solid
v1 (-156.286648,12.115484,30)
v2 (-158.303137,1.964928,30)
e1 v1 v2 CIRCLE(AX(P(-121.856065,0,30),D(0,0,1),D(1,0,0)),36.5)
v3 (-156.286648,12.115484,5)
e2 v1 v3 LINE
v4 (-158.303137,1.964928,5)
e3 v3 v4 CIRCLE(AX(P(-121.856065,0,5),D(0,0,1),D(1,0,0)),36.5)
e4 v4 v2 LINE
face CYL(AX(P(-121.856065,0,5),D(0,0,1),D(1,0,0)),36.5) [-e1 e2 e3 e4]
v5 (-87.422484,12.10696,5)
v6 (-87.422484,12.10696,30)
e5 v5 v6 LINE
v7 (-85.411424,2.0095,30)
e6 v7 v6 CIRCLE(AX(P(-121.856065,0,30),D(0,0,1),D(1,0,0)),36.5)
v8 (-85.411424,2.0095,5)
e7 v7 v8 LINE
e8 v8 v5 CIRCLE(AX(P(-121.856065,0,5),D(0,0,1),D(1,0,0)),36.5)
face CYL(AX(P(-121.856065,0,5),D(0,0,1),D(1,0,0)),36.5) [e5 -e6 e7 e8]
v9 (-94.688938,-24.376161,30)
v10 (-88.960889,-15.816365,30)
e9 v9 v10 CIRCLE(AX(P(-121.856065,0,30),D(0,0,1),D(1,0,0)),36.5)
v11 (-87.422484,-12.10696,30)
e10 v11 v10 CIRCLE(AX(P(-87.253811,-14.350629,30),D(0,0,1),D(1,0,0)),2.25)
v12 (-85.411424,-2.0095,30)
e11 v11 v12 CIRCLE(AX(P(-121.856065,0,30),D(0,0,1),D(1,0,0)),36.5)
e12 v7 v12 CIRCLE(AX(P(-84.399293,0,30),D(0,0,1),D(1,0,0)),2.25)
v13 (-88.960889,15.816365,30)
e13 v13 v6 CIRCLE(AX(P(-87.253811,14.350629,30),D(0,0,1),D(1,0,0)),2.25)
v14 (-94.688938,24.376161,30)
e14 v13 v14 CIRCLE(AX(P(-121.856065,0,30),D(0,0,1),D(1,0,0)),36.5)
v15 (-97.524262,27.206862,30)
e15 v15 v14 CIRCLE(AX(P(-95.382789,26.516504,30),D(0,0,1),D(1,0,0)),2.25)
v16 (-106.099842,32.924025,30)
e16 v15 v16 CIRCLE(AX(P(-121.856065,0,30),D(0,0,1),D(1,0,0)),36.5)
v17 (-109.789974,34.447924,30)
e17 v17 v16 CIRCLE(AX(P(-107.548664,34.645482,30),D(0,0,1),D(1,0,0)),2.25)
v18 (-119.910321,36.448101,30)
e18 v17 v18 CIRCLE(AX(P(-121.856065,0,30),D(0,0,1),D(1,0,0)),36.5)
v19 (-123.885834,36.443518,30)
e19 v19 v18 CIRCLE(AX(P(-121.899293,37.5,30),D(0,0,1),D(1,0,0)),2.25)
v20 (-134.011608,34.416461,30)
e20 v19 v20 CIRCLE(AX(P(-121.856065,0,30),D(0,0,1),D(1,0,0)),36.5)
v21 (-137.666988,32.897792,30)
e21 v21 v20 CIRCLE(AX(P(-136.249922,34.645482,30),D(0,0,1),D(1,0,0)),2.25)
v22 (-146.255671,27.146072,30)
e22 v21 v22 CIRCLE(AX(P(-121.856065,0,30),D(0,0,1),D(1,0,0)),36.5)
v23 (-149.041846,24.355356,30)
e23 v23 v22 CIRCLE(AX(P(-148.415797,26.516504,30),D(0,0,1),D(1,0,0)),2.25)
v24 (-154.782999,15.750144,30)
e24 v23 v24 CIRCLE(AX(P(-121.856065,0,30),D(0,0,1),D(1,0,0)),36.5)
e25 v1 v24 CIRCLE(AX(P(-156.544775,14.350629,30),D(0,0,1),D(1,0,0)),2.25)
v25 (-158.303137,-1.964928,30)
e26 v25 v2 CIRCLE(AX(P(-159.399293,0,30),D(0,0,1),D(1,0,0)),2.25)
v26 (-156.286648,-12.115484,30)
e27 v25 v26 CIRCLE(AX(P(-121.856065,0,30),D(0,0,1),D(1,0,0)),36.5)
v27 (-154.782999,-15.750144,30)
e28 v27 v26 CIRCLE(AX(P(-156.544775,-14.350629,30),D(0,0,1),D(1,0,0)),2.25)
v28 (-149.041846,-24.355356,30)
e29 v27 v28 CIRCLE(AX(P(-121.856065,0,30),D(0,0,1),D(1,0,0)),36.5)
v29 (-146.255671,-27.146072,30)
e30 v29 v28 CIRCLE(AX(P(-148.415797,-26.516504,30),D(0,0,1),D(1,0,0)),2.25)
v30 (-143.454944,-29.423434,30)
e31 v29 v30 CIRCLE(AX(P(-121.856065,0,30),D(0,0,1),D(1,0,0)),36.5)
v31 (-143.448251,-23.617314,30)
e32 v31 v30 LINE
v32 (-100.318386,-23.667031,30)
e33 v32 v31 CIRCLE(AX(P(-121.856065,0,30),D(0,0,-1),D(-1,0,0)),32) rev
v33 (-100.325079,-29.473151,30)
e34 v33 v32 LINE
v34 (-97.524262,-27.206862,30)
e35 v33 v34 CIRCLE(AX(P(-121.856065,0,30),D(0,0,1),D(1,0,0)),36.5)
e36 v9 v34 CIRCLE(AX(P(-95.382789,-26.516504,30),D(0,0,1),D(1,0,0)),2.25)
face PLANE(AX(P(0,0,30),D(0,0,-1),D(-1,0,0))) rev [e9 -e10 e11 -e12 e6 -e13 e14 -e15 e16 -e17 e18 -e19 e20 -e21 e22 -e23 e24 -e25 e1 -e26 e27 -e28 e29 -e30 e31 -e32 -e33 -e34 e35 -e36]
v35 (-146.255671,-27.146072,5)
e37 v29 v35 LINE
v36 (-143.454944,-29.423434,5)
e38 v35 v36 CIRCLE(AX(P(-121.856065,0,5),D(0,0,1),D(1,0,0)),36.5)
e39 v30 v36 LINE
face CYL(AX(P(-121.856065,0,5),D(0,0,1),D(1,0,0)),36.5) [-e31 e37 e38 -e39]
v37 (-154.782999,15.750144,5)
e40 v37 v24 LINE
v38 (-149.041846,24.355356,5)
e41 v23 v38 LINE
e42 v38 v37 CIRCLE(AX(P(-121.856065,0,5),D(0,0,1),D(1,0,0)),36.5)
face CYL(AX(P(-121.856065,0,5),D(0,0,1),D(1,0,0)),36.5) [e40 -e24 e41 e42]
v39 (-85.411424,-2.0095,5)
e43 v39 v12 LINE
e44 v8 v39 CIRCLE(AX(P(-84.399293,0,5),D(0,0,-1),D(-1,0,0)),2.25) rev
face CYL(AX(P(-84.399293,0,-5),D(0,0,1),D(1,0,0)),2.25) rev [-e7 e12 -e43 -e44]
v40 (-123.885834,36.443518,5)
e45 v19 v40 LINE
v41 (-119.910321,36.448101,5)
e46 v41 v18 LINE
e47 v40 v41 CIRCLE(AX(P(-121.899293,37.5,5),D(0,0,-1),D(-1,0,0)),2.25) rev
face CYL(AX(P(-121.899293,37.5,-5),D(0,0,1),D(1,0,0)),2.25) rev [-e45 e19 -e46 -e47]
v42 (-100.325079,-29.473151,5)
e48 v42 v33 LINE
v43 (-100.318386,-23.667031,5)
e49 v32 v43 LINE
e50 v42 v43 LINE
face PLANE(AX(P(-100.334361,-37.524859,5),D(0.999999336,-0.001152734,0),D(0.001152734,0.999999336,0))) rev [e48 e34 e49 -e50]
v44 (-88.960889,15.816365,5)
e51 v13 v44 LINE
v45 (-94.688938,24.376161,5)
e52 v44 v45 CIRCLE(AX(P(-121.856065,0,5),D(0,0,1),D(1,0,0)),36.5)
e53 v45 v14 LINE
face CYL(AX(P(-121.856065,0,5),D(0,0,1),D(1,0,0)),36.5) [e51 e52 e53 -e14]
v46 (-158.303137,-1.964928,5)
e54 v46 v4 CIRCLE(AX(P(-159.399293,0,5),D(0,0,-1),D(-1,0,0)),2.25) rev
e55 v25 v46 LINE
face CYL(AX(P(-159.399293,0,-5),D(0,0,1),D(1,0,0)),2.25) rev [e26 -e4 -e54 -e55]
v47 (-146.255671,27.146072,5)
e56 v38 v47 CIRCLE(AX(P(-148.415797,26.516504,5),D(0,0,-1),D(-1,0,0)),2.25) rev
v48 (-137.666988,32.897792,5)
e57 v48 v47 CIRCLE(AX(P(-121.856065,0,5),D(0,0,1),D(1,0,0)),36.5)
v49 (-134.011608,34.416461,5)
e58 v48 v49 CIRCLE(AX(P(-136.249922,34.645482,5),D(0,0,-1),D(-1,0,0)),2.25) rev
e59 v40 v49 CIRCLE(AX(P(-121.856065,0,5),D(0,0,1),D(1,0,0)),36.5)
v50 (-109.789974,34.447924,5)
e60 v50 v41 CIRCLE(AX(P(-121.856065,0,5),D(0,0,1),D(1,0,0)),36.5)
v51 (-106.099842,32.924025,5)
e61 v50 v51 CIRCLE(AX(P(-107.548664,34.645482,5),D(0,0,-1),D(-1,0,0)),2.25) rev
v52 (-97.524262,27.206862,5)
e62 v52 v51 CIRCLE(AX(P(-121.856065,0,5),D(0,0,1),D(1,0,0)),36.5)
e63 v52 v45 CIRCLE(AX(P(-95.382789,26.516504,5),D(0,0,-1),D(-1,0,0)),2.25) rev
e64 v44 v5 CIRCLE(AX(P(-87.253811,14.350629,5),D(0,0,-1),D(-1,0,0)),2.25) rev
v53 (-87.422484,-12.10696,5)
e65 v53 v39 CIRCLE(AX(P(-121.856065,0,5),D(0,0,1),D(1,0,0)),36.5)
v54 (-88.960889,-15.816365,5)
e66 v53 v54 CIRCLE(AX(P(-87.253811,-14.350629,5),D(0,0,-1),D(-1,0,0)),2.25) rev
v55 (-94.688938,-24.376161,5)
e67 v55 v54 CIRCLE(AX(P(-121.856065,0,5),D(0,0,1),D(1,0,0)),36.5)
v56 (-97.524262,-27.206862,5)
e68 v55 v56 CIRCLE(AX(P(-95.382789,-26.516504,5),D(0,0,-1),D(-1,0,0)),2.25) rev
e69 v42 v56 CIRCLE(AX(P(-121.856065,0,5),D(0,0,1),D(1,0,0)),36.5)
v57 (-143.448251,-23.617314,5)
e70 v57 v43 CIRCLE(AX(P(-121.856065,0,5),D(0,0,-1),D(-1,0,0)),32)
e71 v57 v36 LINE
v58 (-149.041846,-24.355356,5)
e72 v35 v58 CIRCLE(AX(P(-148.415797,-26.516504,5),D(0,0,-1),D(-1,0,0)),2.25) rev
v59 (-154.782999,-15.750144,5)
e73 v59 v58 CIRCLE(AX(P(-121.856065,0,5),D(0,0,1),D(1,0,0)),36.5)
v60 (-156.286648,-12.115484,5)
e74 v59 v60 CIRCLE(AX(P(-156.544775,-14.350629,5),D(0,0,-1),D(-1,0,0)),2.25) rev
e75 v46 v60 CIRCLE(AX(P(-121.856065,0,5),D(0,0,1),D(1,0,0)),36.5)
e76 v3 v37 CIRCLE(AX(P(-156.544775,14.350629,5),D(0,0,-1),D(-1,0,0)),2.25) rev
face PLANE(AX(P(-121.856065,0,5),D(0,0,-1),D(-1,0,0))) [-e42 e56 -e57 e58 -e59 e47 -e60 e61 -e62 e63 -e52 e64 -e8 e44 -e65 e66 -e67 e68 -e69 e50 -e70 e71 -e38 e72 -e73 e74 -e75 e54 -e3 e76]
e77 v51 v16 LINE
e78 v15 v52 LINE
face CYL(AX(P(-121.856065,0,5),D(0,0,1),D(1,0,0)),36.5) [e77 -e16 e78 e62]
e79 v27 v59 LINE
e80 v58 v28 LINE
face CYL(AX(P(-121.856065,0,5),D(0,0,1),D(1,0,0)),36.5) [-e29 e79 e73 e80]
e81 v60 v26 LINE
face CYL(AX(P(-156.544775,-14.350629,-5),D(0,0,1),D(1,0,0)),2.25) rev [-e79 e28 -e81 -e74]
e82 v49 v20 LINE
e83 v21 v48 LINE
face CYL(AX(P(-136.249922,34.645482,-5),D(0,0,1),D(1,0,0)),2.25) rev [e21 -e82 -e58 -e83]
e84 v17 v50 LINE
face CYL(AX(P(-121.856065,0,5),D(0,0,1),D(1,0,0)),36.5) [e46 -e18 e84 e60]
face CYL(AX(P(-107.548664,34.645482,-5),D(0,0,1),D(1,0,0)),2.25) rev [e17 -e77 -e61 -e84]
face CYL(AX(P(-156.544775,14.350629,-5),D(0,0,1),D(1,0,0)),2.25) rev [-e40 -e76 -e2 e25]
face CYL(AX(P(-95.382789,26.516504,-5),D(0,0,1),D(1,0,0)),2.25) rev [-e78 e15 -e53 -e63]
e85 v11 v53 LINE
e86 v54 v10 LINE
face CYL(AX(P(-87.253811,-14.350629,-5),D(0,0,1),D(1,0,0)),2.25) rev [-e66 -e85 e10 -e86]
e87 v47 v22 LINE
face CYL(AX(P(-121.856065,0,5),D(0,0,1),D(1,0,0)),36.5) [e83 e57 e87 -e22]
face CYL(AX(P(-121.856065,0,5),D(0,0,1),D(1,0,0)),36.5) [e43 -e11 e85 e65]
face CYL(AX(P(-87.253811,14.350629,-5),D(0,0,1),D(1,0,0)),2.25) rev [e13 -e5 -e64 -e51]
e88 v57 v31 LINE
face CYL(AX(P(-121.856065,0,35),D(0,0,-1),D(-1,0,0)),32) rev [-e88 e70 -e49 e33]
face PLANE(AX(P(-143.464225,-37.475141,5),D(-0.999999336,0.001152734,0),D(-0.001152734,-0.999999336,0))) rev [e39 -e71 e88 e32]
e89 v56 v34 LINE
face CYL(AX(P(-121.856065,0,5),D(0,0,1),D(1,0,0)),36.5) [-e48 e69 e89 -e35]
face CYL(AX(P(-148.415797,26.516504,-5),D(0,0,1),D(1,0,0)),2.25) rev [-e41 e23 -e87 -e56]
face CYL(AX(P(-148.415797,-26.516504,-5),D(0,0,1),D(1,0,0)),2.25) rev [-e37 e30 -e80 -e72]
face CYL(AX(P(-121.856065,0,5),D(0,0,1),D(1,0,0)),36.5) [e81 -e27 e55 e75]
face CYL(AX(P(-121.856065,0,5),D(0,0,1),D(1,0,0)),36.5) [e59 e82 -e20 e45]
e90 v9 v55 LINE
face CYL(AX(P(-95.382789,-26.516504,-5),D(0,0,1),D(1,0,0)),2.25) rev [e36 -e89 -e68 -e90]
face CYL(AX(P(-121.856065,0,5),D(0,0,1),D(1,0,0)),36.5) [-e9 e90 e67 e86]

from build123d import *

# Parameters (mm, degrees)
SKETCH3_W               = 140.131000148
SKETCH3_H               = 140
BOSS_EXTRUDE3_DEPTH     = 30
SKETCH3_7_OUTSIDE_W     = 182.199
SKETCH3_7_OUTSIDE_H     = 182.068
SKETCH3_7_OUTSIDE_W_2   = 140.131000148
SKETCH3_7_OUTSIDE_H_2   = 140
SKETCH3_7_OUTSIDE_R     = 32
CUT_EXTRUDE5_DEPTH      = 35
CUT_EXTRUDE6_DEPTH      = 10
CUT_EXTRUDE6_DEPTH_BACK = 5
SKETCH2_R               = 2.25
CUT_EXTRUDE8_DEPTH      = 207.479750358
CUT_EXTRUDE8_DEPTH_BACK = 207.479750358
SKETCH4_OUTSIDE_W       = 182.199
SKETCH4_OUTSIDE_H       = 182.068
SKETCH4_OUTSIDE_R       = 42.5
SKETCH5_OUTSIDE_W       = 111.78
SKETCH5_OUTSIDE_H       = 111.78
SKETCH5_OUTSIDE_R       = 36.5
CUT_EXTRUDE9_DEPTH      = 25
SKETCH2_3_R             = 2.25
CUT_EXTRUDE10_DEPTH     = 30
CUT_EXTRUDE14_DEPTH     = 25
SKETCH16_R              = 42.5
CUT_EXTRUDE15_DEPTH     = 5


with BuildPart() as part:
    # Sketch3 → Boss-Extrude3 (new body)
    with BuildSketch(Plane.XY):
        with Locations((-121.856065437, 0)):
            Rectangle(SKETCH3_W, SKETCH3_H)
    extrude(amount=BOSS_EXTRUDE3_DEPTH)

    # Sketch3<7> outside → Cut-Extrude5 (cut)
    # profile 1 of 2: a face of its own
    with BuildSketch(Plane.XY):
        with Locations((-121.8565, 0)):
            Rectangle(SKETCH3_7_OUTSIDE_W, SKETCH3_7_OUTSIDE_H)
        with Locations((-121.856065437, 0)):
            Rectangle(SKETCH3_7_OUTSIDE_W_2, SKETCH3_7_OUTSIDE_H_2, mode=Mode.SUBTRACT)
    # profile 2 of 2: a face of its own
    with BuildSketch(Plane.XY):
        with Locations((-121.856065437, 0)):
            Circle(SKETCH3_7_OUTSIDE_R)
    extrude(amount=CUT_EXTRUDE5_DEPTH, mode=Mode.SUBTRACT)

    # Sketch2 → Cut-Extrude6 (cut, two sides: drawn at the far end of the back side and taken through both)
    with BuildSketch(Plane.XY.offset(-CUT_EXTRUDE6_DEPTH_BACK)):
        with Locations((-107.548664291, 34.645482469)):
            Circle(SKETCH2_R)
        with Locations((-95.38278871, 26.516504294)):
            Circle(SKETCH2_R)
        with Locations((-87.253810535, 14.350628714)):
            Circle(SKETCH2_R)
        with Locations((-84.399293004, 0)):
            Circle(SKETCH2_R)
        with Locations((-87.253810535, -14.350628714)):
            Circle(SKETCH2_R)
        with Locations((-95.38278871, -26.516504294)):
            Circle(SKETCH2_R)
        with Locations((-107.548664291, -34.645482469)):
            Circle(SKETCH2_R)
        with Locations((-121.899293004, -37.5)):
            Circle(SKETCH2_R)
        with Locations((-136.249921718, -34.645482469)):
            Circle(SKETCH2_R)
        with Locations((-148.415797299, -26.516504294)):
            Circle(SKETCH2_R)
        with Locations((-156.544775474, -14.350628714)):
            Circle(SKETCH2_R)
        with Locations((-159.399293004, 0)):
            Circle(SKETCH2_R)
        with Locations((-156.544775474, 14.350628714)):
            Circle(SKETCH2_R)
        with Locations((-148.415797299, 26.516504294)):
            Circle(SKETCH2_R)
        with Locations((-136.249921718, 34.645482469)):
            Circle(SKETCH2_R)
        with Locations((-121.899293004, 37.5)):
            Circle(SKETCH2_R)
    extrude(amount=CUT_EXTRUDE6_DEPTH + CUT_EXTRUDE6_DEPTH_BACK, mode=Mode.SUBTRACT)

    # Sketch4 outside → Cut-Extrude8 (cut, two sides: drawn at the far end of the back side and taken through both)
    with BuildSketch(Plane.XY.offset(30).offset(-CUT_EXTRUDE8_DEPTH_BACK)):
        with Locations((-121.8565, 0)):
            Rectangle(SKETCH4_OUTSIDE_W, SKETCH4_OUTSIDE_H)
        with Locations((-121.856065437, 0)):
            Circle(SKETCH4_OUTSIDE_R, mode=Mode.SUBTRACT)
    extrude(amount=CUT_EXTRUDE8_DEPTH + CUT_EXTRUDE8_DEPTH_BACK, mode=Mode.SUBTRACT)

    # Sketch5 outside → Cut-Extrude9 (cut)
    with BuildSketch(Plane.XY.offset(30)):
        with Locations((-121.856, 0)):
            Rectangle(SKETCH5_OUTSIDE_W, SKETCH5_OUTSIDE_H)
        with Locations((-121.856065437, 0)):
            Circle(SKETCH5_OUTSIDE_R, mode=Mode.SUBTRACT)
    extrude(amount=-CUT_EXTRUDE9_DEPTH, mode=Mode.SUBTRACT)

    # Sketch2<3> → Cut-Extrude10 (cut)
    with BuildSketch(Plane.XY):
        with Locations((-107.548664291, 34.645482469)):
            Circle(SKETCH2_3_R)
        with Locations((-95.38278871, 26.516504294)):
            Circle(SKETCH2_3_R)
        with Locations((-87.253810535, 14.350628714)):
            Circle(SKETCH2_3_R)
        with Locations((-84.399293004, 0)):
            Circle(SKETCH2_3_R)
        with Locations((-87.253810535, -14.350628714)):
            Circle(SKETCH2_3_R)
        with Locations((-95.38278871, -26.516504294)):
            Circle(SKETCH2_3_R)
        with Locations((-107.548664291, -34.645482469)):
            Circle(SKETCH2_3_R)
        with Locations((-121.899293004, -37.5)):
            Circle(SKETCH2_3_R)
        with Locations((-136.249921718, -34.645482469)):
            Circle(SKETCH2_3_R)
        with Locations((-148.415797299, -26.516504294)):
            Circle(SKETCH2_3_R)
        with Locations((-156.544775474, -14.350628714)):
            Circle(SKETCH2_3_R)
        with Locations((-159.399293004, 0)):
            Circle(SKETCH2_3_R)
        with Locations((-156.544775474, 14.350628714)):
            Circle(SKETCH2_3_R)
        with Locations((-148.415797299, 26.516504294)):
            Circle(SKETCH2_3_R)
        with Locations((-136.249921718, 34.645482469)):
            Circle(SKETCH2_3_R)
        with Locations((-121.899293004, 37.5)):
            Circle(SKETCH2_3_R)
    extrude(amount=CUT_EXTRUDE10_DEPTH, mode=Mode.SUBTRACT)

    # Sketch15 → Cut-Extrude14 (cut)
    with BuildSketch(Plane.XY.offset(30)):
        with BuildLine():
            Line((-143.464225434, -37.475141345), (-143.420997866, 0.024858655))
            ThreePointArc((-143.420997866, 0.024858655), (-121.831206782, 21.564932429), (-100.291133008, -0.024858655))
            Line((-100.291133008, -0.024858655), (-100.334360575, -37.524858655))
            ThreePointArc((-100.334360575, -37.524858655), (-121.92415166, -59.064932429), (-143.464225434, -37.475141345))
        make_face()
    extrude(amount=-CUT_EXTRUDE14_DEPTH, mode=Mode.SUBTRACT)

    # Sketch16 → Cut-Extrude15 (cut)
    with BuildSketch(Plane(origin=(0, 0, 0), x_dir=(-1, 0, 0), z_dir=(0, 0, -1))):
        with Locations((121.856065437, 0)):
            Circle(SKETCH16_R)
    extrude(amount=-CUT_EXTRUDE15_DEPTH, mode=Mode.SUBTRACT)


solid = part.part
